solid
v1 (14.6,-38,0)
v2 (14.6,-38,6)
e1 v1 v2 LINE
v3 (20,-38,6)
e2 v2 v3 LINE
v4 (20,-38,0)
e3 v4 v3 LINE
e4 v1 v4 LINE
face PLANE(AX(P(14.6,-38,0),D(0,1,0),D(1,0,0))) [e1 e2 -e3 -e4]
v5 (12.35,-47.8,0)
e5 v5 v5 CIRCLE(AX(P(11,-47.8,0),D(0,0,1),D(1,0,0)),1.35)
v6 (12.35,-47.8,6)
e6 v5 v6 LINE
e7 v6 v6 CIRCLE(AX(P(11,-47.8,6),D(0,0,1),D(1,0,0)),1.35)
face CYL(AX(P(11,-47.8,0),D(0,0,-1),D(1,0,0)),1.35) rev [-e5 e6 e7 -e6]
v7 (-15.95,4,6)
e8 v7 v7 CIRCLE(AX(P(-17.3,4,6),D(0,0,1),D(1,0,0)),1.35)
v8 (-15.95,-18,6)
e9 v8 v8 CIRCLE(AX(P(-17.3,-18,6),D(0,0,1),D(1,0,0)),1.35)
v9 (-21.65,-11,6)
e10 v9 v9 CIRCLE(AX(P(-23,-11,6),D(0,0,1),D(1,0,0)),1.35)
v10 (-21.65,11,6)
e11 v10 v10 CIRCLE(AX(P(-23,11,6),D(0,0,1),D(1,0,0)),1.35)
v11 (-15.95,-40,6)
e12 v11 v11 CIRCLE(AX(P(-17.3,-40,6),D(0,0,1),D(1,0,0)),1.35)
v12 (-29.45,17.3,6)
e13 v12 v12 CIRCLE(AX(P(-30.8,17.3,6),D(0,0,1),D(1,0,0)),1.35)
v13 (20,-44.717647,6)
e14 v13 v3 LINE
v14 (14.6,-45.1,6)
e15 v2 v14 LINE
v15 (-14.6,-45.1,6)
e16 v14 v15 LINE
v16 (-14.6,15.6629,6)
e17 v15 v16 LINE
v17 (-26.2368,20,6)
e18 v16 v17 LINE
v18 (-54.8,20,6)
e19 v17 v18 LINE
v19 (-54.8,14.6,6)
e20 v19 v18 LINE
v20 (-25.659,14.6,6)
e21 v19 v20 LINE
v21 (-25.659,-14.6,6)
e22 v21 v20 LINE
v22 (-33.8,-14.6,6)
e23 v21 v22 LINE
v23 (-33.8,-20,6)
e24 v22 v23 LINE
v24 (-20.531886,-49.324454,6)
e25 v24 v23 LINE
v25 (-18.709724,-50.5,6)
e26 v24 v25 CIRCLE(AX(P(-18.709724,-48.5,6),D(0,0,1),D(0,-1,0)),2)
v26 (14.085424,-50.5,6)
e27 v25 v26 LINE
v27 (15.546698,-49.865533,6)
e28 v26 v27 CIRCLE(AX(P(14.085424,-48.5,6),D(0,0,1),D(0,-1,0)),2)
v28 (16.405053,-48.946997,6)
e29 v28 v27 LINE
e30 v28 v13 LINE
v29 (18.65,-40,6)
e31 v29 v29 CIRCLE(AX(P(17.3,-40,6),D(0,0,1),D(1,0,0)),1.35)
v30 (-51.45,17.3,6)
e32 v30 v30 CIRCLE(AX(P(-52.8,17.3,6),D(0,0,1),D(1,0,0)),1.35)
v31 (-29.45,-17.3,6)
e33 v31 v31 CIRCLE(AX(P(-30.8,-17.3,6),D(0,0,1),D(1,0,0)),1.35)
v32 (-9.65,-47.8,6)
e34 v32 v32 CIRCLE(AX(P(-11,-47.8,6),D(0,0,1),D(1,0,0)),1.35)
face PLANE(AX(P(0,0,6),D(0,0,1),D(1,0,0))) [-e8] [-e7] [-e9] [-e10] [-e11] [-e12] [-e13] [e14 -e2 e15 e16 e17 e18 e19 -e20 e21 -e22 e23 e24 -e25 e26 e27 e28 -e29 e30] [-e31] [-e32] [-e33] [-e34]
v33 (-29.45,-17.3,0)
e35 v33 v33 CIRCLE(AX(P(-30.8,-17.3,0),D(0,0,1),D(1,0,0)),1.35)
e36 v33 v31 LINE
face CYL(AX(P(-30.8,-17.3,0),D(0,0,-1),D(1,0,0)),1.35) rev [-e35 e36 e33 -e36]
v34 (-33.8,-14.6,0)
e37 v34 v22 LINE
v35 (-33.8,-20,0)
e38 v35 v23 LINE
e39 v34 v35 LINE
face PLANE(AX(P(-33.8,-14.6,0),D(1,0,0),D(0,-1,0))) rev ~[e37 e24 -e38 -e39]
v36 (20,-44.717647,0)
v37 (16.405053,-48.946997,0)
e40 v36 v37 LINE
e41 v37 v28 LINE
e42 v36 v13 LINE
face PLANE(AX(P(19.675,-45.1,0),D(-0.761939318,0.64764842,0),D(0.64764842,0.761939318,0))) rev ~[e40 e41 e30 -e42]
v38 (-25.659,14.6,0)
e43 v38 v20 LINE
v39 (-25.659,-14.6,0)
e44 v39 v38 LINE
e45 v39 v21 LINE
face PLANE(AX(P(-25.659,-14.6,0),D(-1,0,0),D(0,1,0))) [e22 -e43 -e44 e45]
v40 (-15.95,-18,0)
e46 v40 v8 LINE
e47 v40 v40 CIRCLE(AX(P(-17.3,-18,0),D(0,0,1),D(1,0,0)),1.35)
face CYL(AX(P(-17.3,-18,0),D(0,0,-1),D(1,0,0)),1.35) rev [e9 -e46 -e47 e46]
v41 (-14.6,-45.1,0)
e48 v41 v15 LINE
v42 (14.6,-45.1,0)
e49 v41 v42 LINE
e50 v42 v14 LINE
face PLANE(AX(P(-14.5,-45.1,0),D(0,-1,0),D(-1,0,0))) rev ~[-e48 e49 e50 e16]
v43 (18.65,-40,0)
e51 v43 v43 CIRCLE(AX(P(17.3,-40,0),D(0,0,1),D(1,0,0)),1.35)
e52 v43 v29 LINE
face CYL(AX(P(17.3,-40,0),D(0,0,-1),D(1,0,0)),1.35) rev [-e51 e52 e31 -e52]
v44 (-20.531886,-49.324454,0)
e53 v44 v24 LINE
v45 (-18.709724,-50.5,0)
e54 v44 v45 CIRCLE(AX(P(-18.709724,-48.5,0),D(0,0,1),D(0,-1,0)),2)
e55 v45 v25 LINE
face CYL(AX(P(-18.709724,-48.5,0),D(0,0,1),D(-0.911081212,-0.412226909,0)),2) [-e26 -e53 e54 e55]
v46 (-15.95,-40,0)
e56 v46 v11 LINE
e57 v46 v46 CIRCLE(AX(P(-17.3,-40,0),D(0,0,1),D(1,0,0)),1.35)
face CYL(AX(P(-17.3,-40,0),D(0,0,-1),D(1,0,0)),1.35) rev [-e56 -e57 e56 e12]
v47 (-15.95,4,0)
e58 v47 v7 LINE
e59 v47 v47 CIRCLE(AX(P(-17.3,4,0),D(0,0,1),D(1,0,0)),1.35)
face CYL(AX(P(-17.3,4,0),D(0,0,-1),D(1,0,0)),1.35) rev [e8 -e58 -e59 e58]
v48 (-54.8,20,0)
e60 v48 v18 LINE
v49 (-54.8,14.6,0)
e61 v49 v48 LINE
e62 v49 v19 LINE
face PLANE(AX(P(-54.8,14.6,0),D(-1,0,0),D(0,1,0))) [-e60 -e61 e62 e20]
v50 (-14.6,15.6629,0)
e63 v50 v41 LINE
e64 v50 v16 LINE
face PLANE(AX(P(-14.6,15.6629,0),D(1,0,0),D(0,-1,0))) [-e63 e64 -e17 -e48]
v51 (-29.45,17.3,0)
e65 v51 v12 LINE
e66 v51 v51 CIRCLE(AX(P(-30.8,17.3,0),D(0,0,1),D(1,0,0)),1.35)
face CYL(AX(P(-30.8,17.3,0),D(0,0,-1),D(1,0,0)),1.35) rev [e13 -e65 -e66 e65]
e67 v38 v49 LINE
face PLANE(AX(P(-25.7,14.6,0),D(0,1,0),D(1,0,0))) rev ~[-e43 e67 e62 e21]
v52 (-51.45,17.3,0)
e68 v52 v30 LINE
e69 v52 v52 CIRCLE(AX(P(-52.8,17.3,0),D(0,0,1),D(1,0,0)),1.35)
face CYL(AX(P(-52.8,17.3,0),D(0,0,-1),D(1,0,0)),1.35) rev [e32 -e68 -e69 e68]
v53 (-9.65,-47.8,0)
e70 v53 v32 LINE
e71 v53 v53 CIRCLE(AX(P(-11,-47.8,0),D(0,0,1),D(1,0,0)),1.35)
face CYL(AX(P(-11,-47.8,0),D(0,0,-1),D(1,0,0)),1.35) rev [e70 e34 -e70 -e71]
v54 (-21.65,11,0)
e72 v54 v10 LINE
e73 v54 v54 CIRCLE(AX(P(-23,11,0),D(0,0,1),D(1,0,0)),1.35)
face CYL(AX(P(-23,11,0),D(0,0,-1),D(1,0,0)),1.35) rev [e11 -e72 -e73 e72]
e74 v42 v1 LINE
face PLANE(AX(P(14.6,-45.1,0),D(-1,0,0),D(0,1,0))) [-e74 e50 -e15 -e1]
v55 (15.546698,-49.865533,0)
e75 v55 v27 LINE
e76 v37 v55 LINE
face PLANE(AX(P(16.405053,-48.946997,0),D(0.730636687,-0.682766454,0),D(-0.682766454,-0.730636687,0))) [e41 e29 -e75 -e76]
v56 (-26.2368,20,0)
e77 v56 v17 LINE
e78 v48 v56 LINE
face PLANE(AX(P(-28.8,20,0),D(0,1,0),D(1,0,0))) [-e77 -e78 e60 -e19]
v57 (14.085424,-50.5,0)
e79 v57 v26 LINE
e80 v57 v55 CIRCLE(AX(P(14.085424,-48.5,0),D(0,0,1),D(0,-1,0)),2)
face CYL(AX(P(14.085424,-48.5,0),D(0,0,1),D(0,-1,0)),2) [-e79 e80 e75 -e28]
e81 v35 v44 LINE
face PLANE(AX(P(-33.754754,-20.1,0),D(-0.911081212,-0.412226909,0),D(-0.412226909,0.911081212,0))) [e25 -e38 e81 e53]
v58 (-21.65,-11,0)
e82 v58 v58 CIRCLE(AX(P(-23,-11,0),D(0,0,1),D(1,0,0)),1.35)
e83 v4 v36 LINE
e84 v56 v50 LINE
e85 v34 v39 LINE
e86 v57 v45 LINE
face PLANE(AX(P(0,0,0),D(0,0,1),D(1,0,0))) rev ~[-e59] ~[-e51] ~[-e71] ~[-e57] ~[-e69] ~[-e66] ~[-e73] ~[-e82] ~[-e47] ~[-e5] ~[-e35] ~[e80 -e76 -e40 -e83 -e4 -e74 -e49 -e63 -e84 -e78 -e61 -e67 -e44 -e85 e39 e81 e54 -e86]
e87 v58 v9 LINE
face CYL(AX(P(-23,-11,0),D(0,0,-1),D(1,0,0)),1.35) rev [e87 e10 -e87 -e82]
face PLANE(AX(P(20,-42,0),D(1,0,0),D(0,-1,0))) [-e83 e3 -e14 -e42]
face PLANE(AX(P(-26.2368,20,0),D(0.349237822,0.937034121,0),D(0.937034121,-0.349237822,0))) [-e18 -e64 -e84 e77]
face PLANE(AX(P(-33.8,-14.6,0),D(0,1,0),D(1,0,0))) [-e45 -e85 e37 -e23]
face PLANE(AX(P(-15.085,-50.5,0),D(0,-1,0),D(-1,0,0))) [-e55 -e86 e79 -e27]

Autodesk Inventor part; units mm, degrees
ref_plane "YZ Plane" through (0, 0, 0) normal (1, 0, 0) x (0, 1, 0)
ref_plane "XZ Plane" through (0, 0, 0) normal (0, 1, 0) x (-1, 0, 0)
ref_plane "XY Plane" through (0, 0, 0) normal (0, 0, 1) x (1, 0, 0)
ref_plane "작업 평면1" through (0, 0, 0) normal (0, 0, 1) x (1, 0, 0)
sketch "스케치1" plane through (0, 0, 0) normal (0, 0, 1) x (1, 0, 0)
  line L0 (-85.3, -15) -> (-85.3, -11.5) projected
  line L1 (-85.3, -15) -> (-79.3, -20.1) projected
  line L2 (-79.3, -20.1) -> (-26.2, -20.1) projected
  line L3 (-26.2, -20.1) -> (-20.2, -15) projected
  line L4 (-20.2, -15) -> (-20.2, 15) projected
  line L5 (-20.2, 15) -> (-26.2, 20.1) projected
  line L6 (-26.2, 20.1) -> (-79.3, 20.1) projected
  line L7 (-79.3, 20.1) -> (-85.3, 15) projected
  line L8 (-85.3, 11.5) -> (-85.3, 15) projected
  arc A0 (-82.3, 14.5) -> (-85.3, 11.5) centre (-82.3, 11.5) ccw projected
  line L9 (-28.8, 14.5) -> (-82.3, 14.5) projected
  arc A1 (-25.8, 11.5) -> (-28.8, 14.5) centre (-28.8, 11.5) ccw projected
  line L10 (-25.8, -11.5) -> (-25.8, 11.5) projected
  arc A2 (-28.8, -14.5) -> (-25.8, -11.5) centre (-28.8, -11.5) ccw projected
  line L11 (-82.3, -14.5) -> (-28.8, -14.5) projected
  arc A3 (-85.3, -11.5) -> (-82.3, -14.5) centre (-82.3, -11.5) ccw projected
  circle A4 centre (-74.8, 17.3) radius 1.35 projected
  circle A5 centre (-52.8, 17.3) radius 1.35 projected
  circle A6 centre (-30.8, 17.3) radius 1.35 projected
  circle A7 centre (-23, 11) radius 1.35 projected
  circle A8 centre (-74.8, -17.3) radius 1.35 projected
  circle A9 centre (-52.8, -17.3) radius 1.35 projected
  circle A10 centre (-30.8, -17.3) radius 1.35 projected
  circle A11 centre (-23, -11) radius 1.35 projected
  line L12 (-15, 14.5) -> (-11.5, 14.5) projected
  line L13 (-15, 14.5) -> (-20.1, 8.5) projected
  line L14 (-20.1, 8.5) -> (-20.1, -44.6) projected
  line L15 (-20.1, -44.6) -> (-15, -50.6) projected
  line L16 (-15, -50.6) -> (15, -50.6) projected
  line L17 (15, -50.6) -> (20.1, -44.6) projected
  line L18 (20.1, -44.6) -> (20.1, 8.5) projected
  line L19 (20.1, 8.5) -> (15, 14.5) projected
  line L20 (11.5, 14.5) -> (15, 14.5) projected
  arc A12 (14.5, 11.5) -> (11.5, 14.5) centre (11.5, 11.5) ccw projected
  line L21 (14.5, -42) -> (14.5, 11.5) projected
  arc A13 (11.5, -45) -> (14.5, -42) centre (11.5, -42) ccw projected
  line L22 (-11.5, -45) -> (11.5, -45) projected
  arc A14 (-14.5, -42) -> (-11.5, -45) centre (-11.5, -42) ccw projected
  line L23 (-14.5, 11.5) -> (-14.5, -42) projected
  arc A15 (-11.5, 14.5) -> (-14.5, 11.5) centre (-11.5, 11.5) ccw projected
  circle A16 centre (17.3, 4) radius 1.35 projected
  circle A17 centre (17.3, -18) radius 1.35 projected
  circle A18 centre (17.3, -40) radius 1.35 projected
  circle A19 centre (11, -47.8) radius 1.35 projected
  circle A20 centre (-17.3, 4) radius 1.35 projected
  circle A21 centre (-17.3, -18) radius 1.35 projected
  circle A22 centre (-17.3, -40) radius 1.35 projected
  circle A23 centre (-11, -47.8) radius 1.35 projected
  arc A24 (-14.6, -42) -> (-11.5, -45.1) centre (-11.5, -42) ccw
  line L24 (-11.5, -45.1) -> (11.5, -45.1)
  arc A25 (11.5, -45.1) -> (14.6, -42) centre (11.5, -42) ccw
  line L25 (14.6, -42) -> (14.6, 11.5)
  arc A26 (14.6, 11.5) -> (12.5954, 14.4) centre (11.5, 11.5) ccw
  line L26 (12.5954, 14.4) -> (14.9538, 14.4)
  line L27 (14.9538, 14.4) -> (20, 8.4632)
  line L28 (20, 8.4632) -> (20, -44.5632)
  line L29 (14.9538, -50.5) -> (-14.9538, -50.5)
  line L30 (-14.6, 11.5) -> (-14.6, -42)
  arc A27 (-25.7, 11.5) -> (-28.8, 14.6) centre (-28.8, 11.5) ccw
  line L31 (-28.8, 14.6) -> (-82.3, 14.6)
  arc A28 (-82.3, 14.6) -> (-85.2, 12.5954) centre (-82.3, 11.5) ccw
  line L32 (-85.2, 12.5954) -> (-85.2, 14.9538)
  line L33 (-85.2, 14.9538) -> (-79.2632, 20)
  line L34 (-79.2632, 20) -> (-26.2368, 20)
  line L35 (-20.3, -14.9538) -> (-26.2368, -20)
  line L36 (-26.2368, -20) -> (-79.2632, -20)
  line L37 (-79.2632, -20) -> (-85.2, -14.9538)
  line L38 (-85.2, -14.9538) -> (-85.2, -12.5954)
  arc A29 (-85.2, -12.5954) -> (-82.3, -14.6) centre (-82.3, -11.5) ccw
  line L39 (-82.3, -14.6) -> (-28.8, -14.6)
  arc A30 (-28.8, -14.6) -> (-25.7, -11.5) centre (-28.8, -11.5) ccw
  line L40 (-25.7, -11.5) -> (-25.7, 11.5)
  line L41 (-14.6, 15.6629) -> (-14.6, -30)
  circle A31 centre (-23, -11) radius 1.35
  circle A32 centre (-23, 11) radius 1.35
  circle A33 centre (-17.3, -18) radius 1.35
  circle A34 centre (-17.3, 4) radius 1.35
  line L42 (-28.8, 14.6) -> (-54.8, 14.6)
  line L43 (-54.8, 14.6) -> (-54.8, 20)
  line L44 (-54.8, 20) -> (-28.8, 20)
  line L45 (-28.8, 20) -> (-28.8, 14.6)
  line L46 (-28.8, 14.6) -> (-25.7, 14.6)
  line L47 (-28.8, 19.6629) -> (-28.8, 14.6)
  line L48 (-28.8, -14.6) -> (-33.8, -14.6)
  line L49 (-33.8, -14.6) -> (-33.8, -20)
  line L50 (-33.8, -20) -> (-28.8, -20)
  line L51 (-28.8, -20) -> (-28.8, -14.6)
  line L52 (-28.8, -14.6) -> (-25.659, -14.6)
  line L53 (-26.2368, -20) -> (-28.8, -20)
  line L54 (-28.8, -20) -> (-28.8, -14.6)
  line L55 (-14.6, -30) -> (-14.6, -45.1)
  line L56 (-14.6, -50.5) -> (-20, -50.5)
  line L57 (-14.5, -50.5) -> (-7.5, -50.5)
  line L58 (-7.5, -50.5) -> (-7.5, -45.1)
  line L59 (-7.5, -45.1) -> (-14.5, -45.1)
  line L60 (-14.5, -45.1) -> (-14.5, -50.5)
  line L61 (-20, -50.5) -> (-33.8, -20)
  line L62 (-25.659, -14.6) -> (-25.659, 14.6)
  line L63 (-14.5, -45.1) -> (-14.6, -45.1)
  line L64 (-7.5, -45.1) -> (14.9538, -45.1)
  line L65 (14.9538, -45.1) -> (14.9538, -50.5)
  line L66 (14.9538, -50.5) -> (-7.5, -50.5)
  line L67 (-7.5, -50.5) -> (-7.5, -45.1)
  circle A35 centre (11, -47.8) radius 1.35
  line L68 (14.6, -42) -> (20, -42)
  line L69 (20, -42) -> (20, -45.1)
  line L70 (20, -45.1) -> (14.6, -45.1)
  line L71 (14.6, -45.1) -> (14.6, -42)
  line L72 (20, -42) -> (14.6, -42)
  line L73 (14.6, -42) -> (14.6, -38)
  line L74 (14.6, -38) -> (20, -38)
  line L75 (20, -38) -> (20, -42)
  line L76 (20, -45.1) -> (14.9538, -50.5)
  circle A36 centre (-30.8, -17.3) radius 1.35
  circle A37 centre (-17.3, -40) radius 1.35
  circle A38 centre (-11, -47.8) radius 1.35
  circle A39 centre (17.3, -40) radius 1.35
  line L77 (-25.7, 14.6) -> (-25.659, 14.6)
  line L78 (-26.2368, 20) -> (-14.6, 15.6629)
  point P0 (0, 0)
  point P1 (-14.6, -30)
  point P2 (-28.8, 14.6)
  point P3 (-28.8, -14.6)
  point P4 (-26.2368, -20)
  point P5 (-26.0824, -20)
  point P6 (-33.7548, -20.1)
  point P7 (16.4054, -48.9466)
  point P8 (20, -44.7176)
  point P9 (-11.5, -45.1)
  point P10 (-14.6, -30)
  dimension "d0" = 0.1
  dimension "d1" = 0.1
  dimension "d3" = 2.7
  dimension "d4" = 2.7
  dimension "d5" = 2.7
  dimension "d6" = 2.7
  dimension "d9" = 26
  dimension "d10" = 5
  dimension "d11" = 7
  dimension "d16" = 4
extrude "돌출4" add sketch "스케치1" along normal blind 6 contours L61 L36 L51 L52 L62 L77 L46 L45 L34 L78 L5 L4 L3 L2 | L2 L3 L4 L5 L78 L41 L12 L13 L14 L15 L56 L61 | L49 L39 L51 L36 | L15 L14 L13 L12 L41 L30 L55 L63 L60 L29 L56 | L76 L65 L70 L17 | L60 L59 L24 L58 L29 | L45 L31 L43 L34 | L70 L64 L71 L68 L28 L69 L17 | L29 L58 L24 L64 L65 | L68 L25 L74 L28
fillet "모깎기3" radius 2 2 edges at (-20, -50.5, 3) (14.9538, -50.5, 3)
properties part number "leg_ver2" material "PMMA 플라스틱"
